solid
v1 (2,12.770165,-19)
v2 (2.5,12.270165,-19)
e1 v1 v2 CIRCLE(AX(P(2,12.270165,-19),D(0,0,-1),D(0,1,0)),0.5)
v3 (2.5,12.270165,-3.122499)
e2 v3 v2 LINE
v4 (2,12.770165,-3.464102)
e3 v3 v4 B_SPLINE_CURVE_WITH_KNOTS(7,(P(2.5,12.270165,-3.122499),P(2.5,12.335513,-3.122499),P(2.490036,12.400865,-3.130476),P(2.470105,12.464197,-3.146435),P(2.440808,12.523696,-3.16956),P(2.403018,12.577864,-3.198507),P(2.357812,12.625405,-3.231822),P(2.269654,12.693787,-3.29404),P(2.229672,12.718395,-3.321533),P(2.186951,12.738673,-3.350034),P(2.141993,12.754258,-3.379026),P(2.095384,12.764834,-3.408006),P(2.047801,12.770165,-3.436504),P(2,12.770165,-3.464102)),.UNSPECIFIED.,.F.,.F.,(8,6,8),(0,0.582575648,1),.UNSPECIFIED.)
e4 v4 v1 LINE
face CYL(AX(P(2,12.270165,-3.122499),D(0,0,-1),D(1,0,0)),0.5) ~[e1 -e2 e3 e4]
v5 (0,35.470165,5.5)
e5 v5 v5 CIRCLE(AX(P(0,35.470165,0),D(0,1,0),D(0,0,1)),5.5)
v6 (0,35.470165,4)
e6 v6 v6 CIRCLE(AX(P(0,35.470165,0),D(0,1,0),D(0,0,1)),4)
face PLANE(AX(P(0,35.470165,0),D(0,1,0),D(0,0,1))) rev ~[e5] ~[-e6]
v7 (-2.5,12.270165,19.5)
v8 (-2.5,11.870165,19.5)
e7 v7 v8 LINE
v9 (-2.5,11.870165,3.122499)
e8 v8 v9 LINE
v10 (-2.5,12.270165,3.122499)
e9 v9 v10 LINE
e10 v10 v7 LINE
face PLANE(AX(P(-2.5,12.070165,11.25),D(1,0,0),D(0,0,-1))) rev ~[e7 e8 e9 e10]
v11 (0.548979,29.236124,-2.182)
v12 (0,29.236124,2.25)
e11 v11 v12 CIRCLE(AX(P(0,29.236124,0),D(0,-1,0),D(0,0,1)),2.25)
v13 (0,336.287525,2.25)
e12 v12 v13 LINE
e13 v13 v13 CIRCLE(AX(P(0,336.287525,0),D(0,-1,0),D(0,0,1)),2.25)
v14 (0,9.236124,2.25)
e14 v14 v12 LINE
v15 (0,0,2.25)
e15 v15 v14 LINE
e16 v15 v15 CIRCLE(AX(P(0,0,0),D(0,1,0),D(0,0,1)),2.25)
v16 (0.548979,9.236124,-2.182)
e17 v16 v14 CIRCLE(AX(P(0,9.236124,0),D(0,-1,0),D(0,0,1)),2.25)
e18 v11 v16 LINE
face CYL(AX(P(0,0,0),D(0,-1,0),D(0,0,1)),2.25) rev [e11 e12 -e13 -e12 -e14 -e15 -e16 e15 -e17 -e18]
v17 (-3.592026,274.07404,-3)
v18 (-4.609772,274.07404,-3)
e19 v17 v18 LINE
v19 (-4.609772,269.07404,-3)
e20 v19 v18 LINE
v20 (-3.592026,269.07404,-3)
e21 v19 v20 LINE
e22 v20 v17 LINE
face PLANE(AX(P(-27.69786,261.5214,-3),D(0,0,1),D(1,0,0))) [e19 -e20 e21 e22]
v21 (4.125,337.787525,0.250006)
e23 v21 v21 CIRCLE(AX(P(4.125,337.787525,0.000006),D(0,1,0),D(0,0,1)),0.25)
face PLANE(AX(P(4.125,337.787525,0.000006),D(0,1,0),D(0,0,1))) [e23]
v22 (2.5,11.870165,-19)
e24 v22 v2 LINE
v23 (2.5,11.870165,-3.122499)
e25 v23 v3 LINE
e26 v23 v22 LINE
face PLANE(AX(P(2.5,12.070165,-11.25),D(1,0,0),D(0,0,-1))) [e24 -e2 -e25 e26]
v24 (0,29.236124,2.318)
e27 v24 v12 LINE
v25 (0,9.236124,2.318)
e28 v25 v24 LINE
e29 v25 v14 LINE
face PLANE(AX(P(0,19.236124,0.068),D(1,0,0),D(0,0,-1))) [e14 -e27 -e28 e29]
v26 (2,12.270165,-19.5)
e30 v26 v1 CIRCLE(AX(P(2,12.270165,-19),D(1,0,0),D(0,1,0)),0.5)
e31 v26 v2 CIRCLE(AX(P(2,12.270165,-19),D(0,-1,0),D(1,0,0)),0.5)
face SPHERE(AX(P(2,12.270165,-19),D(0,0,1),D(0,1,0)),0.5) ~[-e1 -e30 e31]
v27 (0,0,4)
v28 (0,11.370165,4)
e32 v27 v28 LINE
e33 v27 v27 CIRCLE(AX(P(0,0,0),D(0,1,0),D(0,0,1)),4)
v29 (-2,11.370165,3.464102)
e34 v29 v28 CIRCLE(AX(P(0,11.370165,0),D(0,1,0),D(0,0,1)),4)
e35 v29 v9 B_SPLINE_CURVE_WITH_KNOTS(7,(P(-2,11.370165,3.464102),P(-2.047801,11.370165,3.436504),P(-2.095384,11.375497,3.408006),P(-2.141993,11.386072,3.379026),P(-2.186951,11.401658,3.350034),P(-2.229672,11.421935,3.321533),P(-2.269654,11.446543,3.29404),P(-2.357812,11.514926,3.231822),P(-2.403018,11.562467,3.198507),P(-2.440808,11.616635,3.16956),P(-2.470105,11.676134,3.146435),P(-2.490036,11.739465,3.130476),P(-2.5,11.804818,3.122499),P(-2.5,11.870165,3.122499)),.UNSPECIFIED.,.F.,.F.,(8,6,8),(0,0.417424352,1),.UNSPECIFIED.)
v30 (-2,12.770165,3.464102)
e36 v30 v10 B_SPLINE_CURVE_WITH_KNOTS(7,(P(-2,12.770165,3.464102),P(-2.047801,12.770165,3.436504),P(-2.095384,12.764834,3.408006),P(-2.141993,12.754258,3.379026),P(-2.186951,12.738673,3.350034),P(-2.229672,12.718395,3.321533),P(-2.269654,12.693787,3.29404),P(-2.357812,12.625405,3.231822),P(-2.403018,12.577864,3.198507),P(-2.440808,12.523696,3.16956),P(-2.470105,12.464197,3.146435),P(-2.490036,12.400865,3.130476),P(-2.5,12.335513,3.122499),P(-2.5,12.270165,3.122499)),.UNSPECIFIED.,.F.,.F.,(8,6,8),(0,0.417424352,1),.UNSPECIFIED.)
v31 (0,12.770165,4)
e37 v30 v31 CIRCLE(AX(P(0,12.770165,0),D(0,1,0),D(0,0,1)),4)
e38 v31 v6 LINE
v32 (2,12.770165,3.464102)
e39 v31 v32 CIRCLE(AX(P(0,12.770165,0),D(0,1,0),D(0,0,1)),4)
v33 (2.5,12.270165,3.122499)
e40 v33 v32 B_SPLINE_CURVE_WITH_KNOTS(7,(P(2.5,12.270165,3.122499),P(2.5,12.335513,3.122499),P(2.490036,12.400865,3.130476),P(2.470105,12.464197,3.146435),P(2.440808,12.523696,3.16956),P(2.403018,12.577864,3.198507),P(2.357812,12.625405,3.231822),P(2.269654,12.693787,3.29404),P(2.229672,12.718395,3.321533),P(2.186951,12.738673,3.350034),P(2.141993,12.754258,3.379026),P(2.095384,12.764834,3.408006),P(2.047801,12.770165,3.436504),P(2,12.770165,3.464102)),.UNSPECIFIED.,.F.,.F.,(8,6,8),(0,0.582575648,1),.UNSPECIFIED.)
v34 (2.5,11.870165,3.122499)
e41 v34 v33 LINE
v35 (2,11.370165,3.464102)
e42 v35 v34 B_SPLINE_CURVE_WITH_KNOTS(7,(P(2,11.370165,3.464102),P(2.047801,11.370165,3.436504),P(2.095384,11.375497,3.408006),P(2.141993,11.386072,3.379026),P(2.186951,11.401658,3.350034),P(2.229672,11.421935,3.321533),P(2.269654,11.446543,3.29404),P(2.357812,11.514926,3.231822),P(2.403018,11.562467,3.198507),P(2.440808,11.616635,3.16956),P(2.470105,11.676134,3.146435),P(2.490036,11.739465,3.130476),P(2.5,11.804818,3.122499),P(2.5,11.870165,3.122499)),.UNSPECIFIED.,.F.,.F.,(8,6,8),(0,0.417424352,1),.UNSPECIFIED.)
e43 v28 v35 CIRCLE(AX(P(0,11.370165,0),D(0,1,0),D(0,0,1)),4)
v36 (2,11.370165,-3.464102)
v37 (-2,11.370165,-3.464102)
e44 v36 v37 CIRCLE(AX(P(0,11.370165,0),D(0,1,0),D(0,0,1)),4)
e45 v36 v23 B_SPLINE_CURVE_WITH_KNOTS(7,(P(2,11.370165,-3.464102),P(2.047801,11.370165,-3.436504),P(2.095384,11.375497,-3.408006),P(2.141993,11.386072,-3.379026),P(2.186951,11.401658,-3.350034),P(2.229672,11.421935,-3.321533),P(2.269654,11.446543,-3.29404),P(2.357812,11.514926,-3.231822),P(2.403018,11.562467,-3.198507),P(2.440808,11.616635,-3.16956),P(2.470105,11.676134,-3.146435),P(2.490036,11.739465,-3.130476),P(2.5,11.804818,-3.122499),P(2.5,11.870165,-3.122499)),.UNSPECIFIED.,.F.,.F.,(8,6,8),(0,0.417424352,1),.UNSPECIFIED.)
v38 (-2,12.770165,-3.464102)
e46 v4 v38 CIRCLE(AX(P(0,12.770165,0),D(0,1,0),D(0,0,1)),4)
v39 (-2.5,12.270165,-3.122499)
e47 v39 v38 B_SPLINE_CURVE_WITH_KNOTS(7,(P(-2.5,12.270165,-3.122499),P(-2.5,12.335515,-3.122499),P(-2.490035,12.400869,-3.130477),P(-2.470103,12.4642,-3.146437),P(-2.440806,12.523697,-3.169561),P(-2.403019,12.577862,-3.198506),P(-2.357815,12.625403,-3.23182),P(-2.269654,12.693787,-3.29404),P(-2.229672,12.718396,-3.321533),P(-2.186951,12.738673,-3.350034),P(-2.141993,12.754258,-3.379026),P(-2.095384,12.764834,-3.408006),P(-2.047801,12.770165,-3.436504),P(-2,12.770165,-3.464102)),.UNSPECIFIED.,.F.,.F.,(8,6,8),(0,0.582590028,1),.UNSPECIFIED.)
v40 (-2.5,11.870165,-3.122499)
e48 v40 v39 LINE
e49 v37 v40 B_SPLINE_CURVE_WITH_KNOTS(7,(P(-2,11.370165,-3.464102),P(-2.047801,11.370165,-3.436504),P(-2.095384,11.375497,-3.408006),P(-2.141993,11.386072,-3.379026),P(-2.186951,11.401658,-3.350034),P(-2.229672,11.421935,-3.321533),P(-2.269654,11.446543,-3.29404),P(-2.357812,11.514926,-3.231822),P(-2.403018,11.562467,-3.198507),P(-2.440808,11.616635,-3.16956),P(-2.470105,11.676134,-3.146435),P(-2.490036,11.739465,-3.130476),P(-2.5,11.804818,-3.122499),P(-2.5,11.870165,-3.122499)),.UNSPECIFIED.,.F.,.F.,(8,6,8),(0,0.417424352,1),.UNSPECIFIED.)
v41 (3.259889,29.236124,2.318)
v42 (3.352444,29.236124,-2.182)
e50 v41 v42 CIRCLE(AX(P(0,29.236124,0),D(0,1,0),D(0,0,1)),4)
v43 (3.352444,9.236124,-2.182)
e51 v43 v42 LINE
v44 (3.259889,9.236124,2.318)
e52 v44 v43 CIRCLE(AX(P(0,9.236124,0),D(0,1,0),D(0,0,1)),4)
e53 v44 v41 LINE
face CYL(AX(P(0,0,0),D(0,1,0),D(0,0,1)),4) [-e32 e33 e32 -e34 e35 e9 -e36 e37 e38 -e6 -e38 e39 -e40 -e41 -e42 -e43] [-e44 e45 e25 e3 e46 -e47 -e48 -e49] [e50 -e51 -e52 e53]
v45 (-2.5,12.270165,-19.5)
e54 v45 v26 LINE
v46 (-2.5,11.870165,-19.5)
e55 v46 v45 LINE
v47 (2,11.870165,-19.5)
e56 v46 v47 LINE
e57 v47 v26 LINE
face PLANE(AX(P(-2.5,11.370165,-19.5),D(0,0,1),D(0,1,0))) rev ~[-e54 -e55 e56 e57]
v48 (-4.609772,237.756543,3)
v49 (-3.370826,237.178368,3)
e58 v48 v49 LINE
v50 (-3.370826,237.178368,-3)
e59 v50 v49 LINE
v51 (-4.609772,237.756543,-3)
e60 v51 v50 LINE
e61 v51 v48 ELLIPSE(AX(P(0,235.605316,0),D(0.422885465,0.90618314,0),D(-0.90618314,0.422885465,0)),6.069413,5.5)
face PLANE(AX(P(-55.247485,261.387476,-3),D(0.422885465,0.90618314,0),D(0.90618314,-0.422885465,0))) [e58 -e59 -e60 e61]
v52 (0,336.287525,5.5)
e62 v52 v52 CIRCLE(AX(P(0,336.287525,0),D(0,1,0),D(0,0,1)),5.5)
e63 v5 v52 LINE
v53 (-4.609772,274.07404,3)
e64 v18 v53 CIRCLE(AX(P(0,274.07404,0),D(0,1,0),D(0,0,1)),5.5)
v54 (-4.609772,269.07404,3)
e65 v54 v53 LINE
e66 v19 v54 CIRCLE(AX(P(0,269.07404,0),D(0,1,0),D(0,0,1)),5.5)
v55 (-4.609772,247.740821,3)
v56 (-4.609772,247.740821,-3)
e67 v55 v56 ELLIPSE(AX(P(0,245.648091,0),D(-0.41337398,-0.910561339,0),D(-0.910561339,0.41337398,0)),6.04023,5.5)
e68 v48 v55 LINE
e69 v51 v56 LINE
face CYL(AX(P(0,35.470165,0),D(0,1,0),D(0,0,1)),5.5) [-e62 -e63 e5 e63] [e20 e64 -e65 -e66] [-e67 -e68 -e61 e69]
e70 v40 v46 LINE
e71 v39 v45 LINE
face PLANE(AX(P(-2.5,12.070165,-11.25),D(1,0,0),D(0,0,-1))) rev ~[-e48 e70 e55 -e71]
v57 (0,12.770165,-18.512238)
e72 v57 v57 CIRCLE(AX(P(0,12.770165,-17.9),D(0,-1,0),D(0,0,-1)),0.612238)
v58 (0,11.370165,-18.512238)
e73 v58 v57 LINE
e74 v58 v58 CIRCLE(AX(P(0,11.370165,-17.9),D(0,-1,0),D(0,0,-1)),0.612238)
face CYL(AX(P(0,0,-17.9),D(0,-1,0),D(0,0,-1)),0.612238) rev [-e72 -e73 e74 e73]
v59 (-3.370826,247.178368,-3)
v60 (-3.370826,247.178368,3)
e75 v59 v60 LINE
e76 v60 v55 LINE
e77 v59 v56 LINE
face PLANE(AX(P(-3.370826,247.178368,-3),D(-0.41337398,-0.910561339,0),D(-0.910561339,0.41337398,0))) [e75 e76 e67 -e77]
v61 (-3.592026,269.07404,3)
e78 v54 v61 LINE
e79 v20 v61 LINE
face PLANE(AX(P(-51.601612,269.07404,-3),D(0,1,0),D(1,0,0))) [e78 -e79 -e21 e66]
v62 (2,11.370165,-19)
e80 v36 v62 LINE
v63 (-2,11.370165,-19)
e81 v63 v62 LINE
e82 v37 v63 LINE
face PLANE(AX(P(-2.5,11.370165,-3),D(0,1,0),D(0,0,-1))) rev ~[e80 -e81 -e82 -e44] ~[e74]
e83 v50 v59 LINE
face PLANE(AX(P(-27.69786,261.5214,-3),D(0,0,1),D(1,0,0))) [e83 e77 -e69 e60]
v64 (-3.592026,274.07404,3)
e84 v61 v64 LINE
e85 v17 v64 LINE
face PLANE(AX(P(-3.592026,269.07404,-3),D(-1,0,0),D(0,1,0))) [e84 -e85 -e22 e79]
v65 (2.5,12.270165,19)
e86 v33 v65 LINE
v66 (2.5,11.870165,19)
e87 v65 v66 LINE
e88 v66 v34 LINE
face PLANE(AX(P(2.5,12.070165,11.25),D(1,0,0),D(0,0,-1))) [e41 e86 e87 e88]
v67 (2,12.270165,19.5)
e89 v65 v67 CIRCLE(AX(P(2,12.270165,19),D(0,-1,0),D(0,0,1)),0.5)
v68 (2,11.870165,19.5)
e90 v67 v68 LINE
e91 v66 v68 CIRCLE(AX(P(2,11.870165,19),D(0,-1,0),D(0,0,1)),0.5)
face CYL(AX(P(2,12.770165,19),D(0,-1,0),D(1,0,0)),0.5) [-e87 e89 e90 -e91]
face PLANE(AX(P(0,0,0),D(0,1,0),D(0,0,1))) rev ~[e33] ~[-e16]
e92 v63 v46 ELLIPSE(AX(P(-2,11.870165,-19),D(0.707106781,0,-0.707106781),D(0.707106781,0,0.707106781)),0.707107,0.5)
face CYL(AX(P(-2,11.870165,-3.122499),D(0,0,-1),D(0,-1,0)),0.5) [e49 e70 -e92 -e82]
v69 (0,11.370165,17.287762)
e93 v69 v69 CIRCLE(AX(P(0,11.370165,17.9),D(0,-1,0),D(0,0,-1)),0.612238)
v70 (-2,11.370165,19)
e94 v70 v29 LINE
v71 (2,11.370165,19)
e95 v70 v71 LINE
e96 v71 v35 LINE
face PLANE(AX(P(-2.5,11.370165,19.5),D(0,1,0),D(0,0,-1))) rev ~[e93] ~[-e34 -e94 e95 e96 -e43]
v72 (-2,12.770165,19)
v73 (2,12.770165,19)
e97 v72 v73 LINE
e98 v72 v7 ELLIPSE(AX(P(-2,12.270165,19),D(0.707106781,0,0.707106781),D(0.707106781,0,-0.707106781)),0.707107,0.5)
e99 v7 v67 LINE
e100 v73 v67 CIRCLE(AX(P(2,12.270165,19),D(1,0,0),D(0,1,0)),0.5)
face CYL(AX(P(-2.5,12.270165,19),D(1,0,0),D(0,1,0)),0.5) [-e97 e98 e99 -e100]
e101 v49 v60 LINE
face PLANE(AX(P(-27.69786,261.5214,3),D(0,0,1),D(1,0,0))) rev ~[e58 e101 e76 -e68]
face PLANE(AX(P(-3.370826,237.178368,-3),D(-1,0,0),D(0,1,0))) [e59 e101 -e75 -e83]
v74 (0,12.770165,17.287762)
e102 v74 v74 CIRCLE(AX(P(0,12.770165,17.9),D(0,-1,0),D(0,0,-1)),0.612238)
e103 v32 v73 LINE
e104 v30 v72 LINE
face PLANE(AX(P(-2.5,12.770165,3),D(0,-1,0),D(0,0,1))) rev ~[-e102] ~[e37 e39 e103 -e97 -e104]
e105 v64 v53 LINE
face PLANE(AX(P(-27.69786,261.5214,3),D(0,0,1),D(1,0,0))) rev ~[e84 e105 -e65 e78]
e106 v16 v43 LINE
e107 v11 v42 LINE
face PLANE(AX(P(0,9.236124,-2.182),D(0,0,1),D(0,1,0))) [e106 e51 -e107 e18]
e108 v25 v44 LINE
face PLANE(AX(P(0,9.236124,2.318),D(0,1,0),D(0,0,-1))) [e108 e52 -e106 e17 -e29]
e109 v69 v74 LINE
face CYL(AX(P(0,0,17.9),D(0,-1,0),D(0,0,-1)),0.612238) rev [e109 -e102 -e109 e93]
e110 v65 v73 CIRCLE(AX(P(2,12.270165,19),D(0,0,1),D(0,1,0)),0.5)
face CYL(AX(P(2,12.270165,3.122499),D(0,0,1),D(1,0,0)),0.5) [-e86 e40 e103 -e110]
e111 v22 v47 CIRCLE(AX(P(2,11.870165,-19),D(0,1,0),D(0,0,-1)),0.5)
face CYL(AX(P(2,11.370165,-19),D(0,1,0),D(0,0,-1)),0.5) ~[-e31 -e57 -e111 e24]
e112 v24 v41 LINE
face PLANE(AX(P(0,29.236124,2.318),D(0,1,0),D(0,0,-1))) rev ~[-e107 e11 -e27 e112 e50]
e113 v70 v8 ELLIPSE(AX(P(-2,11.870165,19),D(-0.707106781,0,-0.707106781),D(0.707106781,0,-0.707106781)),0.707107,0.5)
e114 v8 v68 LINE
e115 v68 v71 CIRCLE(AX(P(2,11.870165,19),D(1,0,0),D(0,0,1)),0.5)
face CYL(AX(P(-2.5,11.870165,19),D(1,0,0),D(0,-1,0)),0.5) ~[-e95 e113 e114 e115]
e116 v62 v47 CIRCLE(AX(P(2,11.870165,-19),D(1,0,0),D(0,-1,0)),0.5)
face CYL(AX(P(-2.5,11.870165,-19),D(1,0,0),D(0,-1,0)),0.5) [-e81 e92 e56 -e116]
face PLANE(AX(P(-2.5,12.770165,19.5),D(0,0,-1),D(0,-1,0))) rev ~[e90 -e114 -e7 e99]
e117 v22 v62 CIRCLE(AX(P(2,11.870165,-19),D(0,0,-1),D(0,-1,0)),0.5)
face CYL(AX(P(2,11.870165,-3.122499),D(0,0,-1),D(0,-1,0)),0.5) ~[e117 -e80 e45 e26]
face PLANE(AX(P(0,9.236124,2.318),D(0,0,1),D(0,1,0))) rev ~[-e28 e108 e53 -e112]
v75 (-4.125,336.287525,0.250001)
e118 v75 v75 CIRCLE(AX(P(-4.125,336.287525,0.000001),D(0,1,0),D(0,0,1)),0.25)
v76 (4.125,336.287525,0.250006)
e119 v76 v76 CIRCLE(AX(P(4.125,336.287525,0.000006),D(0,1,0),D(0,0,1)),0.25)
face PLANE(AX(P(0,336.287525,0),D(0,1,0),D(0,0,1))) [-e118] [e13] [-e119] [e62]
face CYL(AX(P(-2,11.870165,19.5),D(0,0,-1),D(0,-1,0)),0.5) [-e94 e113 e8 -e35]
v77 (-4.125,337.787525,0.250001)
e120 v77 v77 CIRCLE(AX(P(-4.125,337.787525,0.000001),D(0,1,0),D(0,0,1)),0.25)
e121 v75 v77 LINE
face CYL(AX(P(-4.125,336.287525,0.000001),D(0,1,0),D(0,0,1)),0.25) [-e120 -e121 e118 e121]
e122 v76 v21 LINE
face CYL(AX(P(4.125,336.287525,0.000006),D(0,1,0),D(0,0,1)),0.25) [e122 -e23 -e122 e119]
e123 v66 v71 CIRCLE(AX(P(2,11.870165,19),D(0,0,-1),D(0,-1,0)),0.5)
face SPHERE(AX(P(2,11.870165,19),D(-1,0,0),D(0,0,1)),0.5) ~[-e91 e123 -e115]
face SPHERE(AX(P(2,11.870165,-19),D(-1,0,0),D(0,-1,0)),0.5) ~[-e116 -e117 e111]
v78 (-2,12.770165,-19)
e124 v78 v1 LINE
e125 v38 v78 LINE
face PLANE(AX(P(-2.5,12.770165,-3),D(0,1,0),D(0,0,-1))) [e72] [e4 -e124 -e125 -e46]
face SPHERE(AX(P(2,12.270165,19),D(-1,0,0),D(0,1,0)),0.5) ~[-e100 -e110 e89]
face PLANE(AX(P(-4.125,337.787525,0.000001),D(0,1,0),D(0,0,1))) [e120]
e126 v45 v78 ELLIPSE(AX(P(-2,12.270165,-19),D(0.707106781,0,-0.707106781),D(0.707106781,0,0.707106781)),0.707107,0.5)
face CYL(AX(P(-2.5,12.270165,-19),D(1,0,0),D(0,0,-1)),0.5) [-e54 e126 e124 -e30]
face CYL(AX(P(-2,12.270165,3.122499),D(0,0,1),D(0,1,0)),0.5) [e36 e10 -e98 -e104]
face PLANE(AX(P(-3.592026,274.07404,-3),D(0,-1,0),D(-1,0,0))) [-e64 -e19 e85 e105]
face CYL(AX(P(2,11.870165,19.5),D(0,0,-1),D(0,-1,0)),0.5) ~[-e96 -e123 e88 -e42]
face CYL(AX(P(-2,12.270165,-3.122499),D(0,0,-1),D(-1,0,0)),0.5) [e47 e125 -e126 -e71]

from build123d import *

# Parameters (mm, degrees)
SWEEP3_PROFILE_R         = 4
SWEEP4_PROFILE_R         = 5.5
SKETCH45_R               = 2.25
CUT_EXTRUDE2_DEPTH       = 337.377466094
SWEEP5_PROFILE_R         = 0.25
SWEEP6_PROFILE_R         = 0.25
SKETCH72_W               = 4.5
SKETCH72_H               = 20
CUT_EXTRUDE6_DEPTH       = 20
BOSS_EXTRUDE1_DEPTH      = 2.5
BOSS_EXTRUDE1_DEPTH_BACK = 2.5
BOSS_EXTRUDE3_DEPTH      = 2.5
BOSS_EXTRUDE3_DEPTH_BACK = 2.5
SKETCH76_4_W             = 16.5
SKETCH76_4_H             = 1.4
SKETCH77_R               = 0.612238256
CUT_EXTRUDE7_DEPTH       = 20
FILLET1_R                = 0.5
CUT_EXTRUDE9_DEPTH       = 3
CUT_EXTRUDE9_DEPTH_BACK  = 3


with BuildPart() as part:
    # Sweep3: sweep along a path in Sketch31
    with BuildLine(Plane.XY) as sweep3_path:
        Line((0, 0), (0, 35.470165431))
    # Sweep3 profile (on start of the path) → Sweep3 (sweep)
    with BuildSketch(Plane.ZX):
        Circle(SWEEP3_PROFILE_R)
    sweep(path=sweep3_path.line)

    # Sweep4: sweep along a path in Sketch38
    with BuildLine(Plane.XY) as sweep4_path:
        Line((0, 35.470165431), (0, 336.287525335))
    # Sweep4 profile (on start of the path) → Sweep4 (sweep)
    with BuildSketch(Plane.ZX.offset(35.470165431)):
        Circle(SWEEP4_PROFILE_R)
    sweep(path=sweep4_path.line)

    # Sketch45 → Cut-Extrude2 (cut, through all)
    with BuildSketch(Plane(origin=(0, 0, 0), x_dir=(1, 0, 0), z_dir=(0, 1, 0))):
        Circle(SKETCH45_R)
    extrude(amount=CUT_EXTRUDE2_DEPTH, mode=Mode.SUBTRACT)

    # Sweep5: sweep along a curve in space
    with BuildLine() as sweep5_path:
        Line((4.125, 336.287525335, 5.531e-06), (4.125, 337.787525335, 5.531e-06))
    # Sweep5 profile (on start of the path) → Sweep5 (sweep)
    with BuildSketch(Plane(origin=(4.125, 336.287525335, 5.531e-06), x_dir=(0, 0, 1), z_dir=(0, 1, 0))):
        Circle(SWEEP5_PROFILE_R)
    sweep(path=sweep5_path.line)

    # Sweep6: sweep along a curve in space
    with BuildLine() as sweep6_path:
        Line((-4.125, 336.287525335, 9.31e-07), (-4.125, 337.787525335, 9.31e-07))
    # Sweep6 profile (on start of the path) → Sweep6 (sweep)
    with BuildSketch(Plane(origin=(-4.125, 336.287525335, 9.31e-07), x_dir=(0, 0, 1), z_dir=(0, 1, 0))):
        Circle(SWEEP6_PROFILE_R)
    sweep(path=sweep6_path.line)

    # Sketch72 → Cut-Extrude6 (cut)
    with BuildSketch(Plane(origin=(0, 0, 0), x_dir=(0, 0, -1), z_dir=(1, 0, 0))):
        with Locations((-0.068000409, 19.236124066)):
            Rectangle(SKETCH72_W, SKETCH72_H)
    extrude(amount=CUT_EXTRUDE6_DEPTH, mode=Mode.SUBTRACT)

    # Sketch76 → Boss-Extrude1 (add, two sides: drawn at the far end of the back side and taken through both)
    with BuildSketch(Plane(origin=(0, 0, 0), x_dir=(0, 0, -1), z_dir=(1, 0, 0)).offset(-BOSS_EXTRUDE1_DEPTH_BACK)):
        Polygon((-3, 12.070165431), (-3, 12.770165431), (-19.5, 12.770165431), (-19.5, 12.370165431), (-19.5, 11.370165431), (-3, 11.370165431), align=None)
    extrude(amount=BOSS_EXTRUDE1_DEPTH + BOSS_EXTRUDE1_DEPTH_BACK)

    # Sketch76<4> → Boss-Extrude3 (add, two sides: drawn at the far end of the back side and taken through both)
    with BuildSketch(Plane(origin=(0, 0, 0), x_dir=(0, 0, -1), z_dir=(1, 0, 0)).offset(-BOSS_EXTRUDE3_DEPTH_BACK)):
        with Locations((11.25, 12.070165431)):
            Rectangle(SKETCH76_4_W, SKETCH76_4_H)
    extrude(amount=BOSS_EXTRUDE3_DEPTH + BOSS_EXTRUDE3_DEPTH_BACK)

    # Sketch77 → Cut-Extrude7 (cut)
    with BuildSketch(Plane(origin=(0, 0, 0), x_dir=(1, 0, 0), z_dir=(0, 1, 0))):
        with Locations((0, 17.9)):
            Circle(SKETCH77_R)
        with Locations((0, -17.9)):
            Circle(SKETCH77_R)
    extrude(amount=CUT_EXTRUDE7_DEPTH, mode=Mode.SUBTRACT)

    # Fillet1
    fillet1_edges = [part.edges().sort_by_distance(p)[0] for p in [
        (-2.5, 12.770165431, 11.3112495),
        (-2.5, 11.370165431, 11.3112495),
        (2.5, 12.070165431, 19.5),
        (0, 11.370165431, 19.5),
        (2.5, 11.370165431, 11.3112495),
        (2.5, 12.770165431, 11.3112495),
        (0, 12.770165431, 19.5),
        (-2.5, 11.370165431, -11.3112495),
        (-2.5, 12.770165431, -11.3112495),
        (0, 12.770165431, -19.5),
        (0, 11.370165431, -19.5),
        (2.5, 12.070165431, -19.5),
        (2.5, 11.370165431, -11.3112495),
        (2.5, 12.770165431, -11.3112495),
    ]]
    fillet(fillet1_edges, radius=FILLET1_R)

    # Sketch81 → Cut-Extrude9 (cut, two sides: drawn at the far end of the back side and taken through both)
    with BuildSketch(Plane.XY.offset(-CUT_EXTRUDE9_DEPTH_BACK)):
        Polygon((-3.370825875, 247.178368204), (-51.601612029, 269.074039778), (-3.592025731, 269.074039778), (-3.592025731, 274.074039778), (-49.327088533, 274.074039778), (-55.247485048, 261.387475818), (-3.370825875, 237.178368204), align=None)
    extrude(amount=CUT_EXTRUDE9_DEPTH + CUT_EXTRUDE9_DEPTH_BACK, mode=Mode.SUBTRACT)


solid = part.part
